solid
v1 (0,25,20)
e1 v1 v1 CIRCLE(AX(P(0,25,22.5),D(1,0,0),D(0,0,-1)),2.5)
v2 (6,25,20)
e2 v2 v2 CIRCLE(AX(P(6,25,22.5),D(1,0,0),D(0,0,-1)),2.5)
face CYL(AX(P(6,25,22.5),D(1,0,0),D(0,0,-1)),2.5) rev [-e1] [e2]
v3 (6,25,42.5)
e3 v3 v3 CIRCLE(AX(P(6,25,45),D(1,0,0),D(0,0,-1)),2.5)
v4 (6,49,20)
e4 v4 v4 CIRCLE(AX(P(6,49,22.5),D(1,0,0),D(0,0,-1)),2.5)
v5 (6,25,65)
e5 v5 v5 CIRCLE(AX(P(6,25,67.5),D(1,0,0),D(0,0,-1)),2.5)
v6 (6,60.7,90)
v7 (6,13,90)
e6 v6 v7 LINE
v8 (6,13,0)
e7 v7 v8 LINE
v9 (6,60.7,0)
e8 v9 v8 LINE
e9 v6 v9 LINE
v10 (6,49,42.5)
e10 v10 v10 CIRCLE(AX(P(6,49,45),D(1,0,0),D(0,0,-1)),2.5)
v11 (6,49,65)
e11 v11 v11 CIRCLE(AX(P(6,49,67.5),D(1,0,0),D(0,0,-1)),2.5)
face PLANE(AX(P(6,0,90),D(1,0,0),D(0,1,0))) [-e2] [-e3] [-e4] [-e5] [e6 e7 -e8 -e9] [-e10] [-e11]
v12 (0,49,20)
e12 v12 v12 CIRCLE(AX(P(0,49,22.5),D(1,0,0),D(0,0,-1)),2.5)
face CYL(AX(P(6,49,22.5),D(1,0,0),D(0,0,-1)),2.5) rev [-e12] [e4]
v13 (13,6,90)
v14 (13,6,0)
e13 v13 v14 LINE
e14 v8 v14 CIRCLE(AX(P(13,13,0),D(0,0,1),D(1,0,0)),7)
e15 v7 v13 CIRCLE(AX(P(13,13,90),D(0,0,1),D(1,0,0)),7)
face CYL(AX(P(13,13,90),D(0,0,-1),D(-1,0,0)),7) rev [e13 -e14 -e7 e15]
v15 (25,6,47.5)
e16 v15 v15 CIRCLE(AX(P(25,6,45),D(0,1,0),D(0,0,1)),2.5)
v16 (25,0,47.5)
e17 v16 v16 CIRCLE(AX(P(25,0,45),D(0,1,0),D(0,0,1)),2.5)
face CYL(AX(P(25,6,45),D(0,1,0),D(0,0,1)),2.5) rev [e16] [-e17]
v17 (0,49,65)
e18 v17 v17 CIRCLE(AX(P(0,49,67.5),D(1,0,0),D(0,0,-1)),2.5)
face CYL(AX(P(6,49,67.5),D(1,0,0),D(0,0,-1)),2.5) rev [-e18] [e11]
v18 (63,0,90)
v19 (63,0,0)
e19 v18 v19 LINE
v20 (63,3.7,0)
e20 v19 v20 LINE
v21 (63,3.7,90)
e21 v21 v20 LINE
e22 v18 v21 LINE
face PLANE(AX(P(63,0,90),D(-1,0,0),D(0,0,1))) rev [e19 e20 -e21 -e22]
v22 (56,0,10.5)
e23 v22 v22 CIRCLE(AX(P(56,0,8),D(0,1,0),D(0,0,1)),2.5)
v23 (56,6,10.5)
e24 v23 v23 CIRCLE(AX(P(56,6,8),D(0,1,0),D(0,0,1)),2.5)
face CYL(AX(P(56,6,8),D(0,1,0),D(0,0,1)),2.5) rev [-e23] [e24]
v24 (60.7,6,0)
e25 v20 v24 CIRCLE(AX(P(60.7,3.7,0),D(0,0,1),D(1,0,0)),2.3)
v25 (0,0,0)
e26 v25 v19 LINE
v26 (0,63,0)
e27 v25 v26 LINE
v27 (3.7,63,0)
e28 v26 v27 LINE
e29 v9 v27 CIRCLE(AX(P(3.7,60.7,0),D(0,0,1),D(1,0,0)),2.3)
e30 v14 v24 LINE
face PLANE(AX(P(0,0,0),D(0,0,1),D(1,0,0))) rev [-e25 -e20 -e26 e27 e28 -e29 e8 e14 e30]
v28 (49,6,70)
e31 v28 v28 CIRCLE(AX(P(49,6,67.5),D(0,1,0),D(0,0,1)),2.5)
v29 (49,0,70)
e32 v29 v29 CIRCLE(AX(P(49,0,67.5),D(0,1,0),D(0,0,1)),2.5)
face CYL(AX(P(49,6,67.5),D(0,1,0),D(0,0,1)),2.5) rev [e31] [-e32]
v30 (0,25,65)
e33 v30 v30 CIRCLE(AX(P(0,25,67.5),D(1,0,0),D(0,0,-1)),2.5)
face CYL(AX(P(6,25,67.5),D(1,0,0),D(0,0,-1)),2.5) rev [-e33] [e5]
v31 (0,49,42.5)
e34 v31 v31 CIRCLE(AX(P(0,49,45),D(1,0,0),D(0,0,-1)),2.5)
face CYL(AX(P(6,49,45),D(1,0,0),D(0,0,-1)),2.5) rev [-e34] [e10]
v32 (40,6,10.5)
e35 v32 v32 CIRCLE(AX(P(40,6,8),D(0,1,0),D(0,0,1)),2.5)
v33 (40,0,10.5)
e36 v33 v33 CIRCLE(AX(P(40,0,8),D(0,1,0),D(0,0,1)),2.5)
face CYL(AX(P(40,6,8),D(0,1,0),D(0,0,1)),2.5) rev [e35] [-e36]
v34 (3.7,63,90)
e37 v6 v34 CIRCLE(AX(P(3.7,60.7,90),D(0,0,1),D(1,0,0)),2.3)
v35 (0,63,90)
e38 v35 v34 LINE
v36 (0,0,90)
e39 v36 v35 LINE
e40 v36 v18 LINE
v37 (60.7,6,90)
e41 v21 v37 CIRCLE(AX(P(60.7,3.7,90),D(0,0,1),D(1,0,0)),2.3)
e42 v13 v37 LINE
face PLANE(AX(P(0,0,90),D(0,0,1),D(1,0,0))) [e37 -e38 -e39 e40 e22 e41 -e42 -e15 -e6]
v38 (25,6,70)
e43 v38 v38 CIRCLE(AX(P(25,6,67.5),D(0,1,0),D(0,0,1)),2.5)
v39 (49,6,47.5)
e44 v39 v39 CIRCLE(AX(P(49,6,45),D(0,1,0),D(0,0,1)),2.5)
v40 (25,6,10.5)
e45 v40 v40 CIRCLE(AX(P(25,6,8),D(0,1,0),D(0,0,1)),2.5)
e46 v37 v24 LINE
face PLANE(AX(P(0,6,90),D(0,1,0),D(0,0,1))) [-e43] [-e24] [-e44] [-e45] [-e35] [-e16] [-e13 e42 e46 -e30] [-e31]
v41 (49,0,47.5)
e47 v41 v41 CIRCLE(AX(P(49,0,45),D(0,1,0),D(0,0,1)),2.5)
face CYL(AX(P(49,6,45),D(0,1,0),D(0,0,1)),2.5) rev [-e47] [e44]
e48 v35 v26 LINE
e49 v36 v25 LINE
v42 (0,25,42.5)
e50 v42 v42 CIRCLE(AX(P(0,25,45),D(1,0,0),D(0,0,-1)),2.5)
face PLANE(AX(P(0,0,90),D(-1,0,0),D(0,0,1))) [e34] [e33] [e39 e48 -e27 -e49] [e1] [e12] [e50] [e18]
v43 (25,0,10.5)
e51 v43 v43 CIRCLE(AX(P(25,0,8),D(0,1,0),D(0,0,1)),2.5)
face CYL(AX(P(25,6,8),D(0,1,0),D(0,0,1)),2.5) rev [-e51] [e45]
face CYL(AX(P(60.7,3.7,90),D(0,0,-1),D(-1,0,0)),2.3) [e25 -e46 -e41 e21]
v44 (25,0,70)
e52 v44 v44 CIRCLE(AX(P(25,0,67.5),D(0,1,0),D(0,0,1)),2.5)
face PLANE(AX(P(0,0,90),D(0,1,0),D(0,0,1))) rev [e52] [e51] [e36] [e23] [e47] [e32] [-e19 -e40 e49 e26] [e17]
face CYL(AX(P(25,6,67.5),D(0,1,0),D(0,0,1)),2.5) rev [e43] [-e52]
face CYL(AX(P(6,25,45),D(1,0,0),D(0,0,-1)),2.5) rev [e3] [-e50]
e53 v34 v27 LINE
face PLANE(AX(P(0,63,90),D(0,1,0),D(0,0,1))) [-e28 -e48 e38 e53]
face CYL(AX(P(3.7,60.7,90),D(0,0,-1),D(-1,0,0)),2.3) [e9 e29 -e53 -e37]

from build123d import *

# Parameters (mm, degrees)
AUFSATZ_LINEAR_AUSTRAGEN1_DEPTH = 90
F_5_0_5_DURCHMESSER_BOHRUNG1_D  = 5
F_5_0_5_DURCHMESSER_BOHRUNG2_D  = 5


with BuildPart() as part:
    # Skizze2 → Aufsatz-Linear austragen1 (new body)
    with BuildSketch(Plane.XY):
        with BuildLine():
            ThreePointArc((6, 13), (8.050252532, 8.050252532), (13, 6))
            Line((13, 6), (60.7, 6))
            ThreePointArc((60.7, 6), (62.326345597, 5.326345597), (63, 3.7))
            Line((63, 3.7), (63, 0))
            Line((63, 0), (0, 0))
            Line((0, 0), (0, 63))
            Line((0, 63), (3.7, 63))
            ThreePointArc((3.7, 63), (5.326345597, 62.326345597), (6, 60.7))
            Line((6, 60.7), (6, 13))
        make_face()
    extrude(amount=AUFSATZ_LINEAR_AUSTRAGEN1_DEPTH)

    # Ø5.0 (5) Durchmesser Bohrung1 (through all)
    with Locations(Plane(origin=(6, 25, 67.5), x_dir=(0, 1, 0), z_dir=(1, 0, 0))):
        with Locations((0, 0), (24, 0), (24, -22.5), (0, -22.5), (0, -45), (24, -45)):
            Hole(F_5_0_5_DURCHMESSER_BOHRUNG1_D / 2)

    # Ø5.0 (5) Durchmesser Bohrung2 (through all)
    with Locations(Plane(origin=(49, 6, 67.5), x_dir=(0, 0, 1), z_dir=(0, 1, 0))):
        with Locations((0, 0), (-22.5, 0), (-22.5, -24), (0, -24), (-59.5, -24), (-59.5, -9), (-59.5, 7)):
            Hole(F_5_0_5_DURCHMESSER_BOHRUNG2_D / 2)


solid = part.part
